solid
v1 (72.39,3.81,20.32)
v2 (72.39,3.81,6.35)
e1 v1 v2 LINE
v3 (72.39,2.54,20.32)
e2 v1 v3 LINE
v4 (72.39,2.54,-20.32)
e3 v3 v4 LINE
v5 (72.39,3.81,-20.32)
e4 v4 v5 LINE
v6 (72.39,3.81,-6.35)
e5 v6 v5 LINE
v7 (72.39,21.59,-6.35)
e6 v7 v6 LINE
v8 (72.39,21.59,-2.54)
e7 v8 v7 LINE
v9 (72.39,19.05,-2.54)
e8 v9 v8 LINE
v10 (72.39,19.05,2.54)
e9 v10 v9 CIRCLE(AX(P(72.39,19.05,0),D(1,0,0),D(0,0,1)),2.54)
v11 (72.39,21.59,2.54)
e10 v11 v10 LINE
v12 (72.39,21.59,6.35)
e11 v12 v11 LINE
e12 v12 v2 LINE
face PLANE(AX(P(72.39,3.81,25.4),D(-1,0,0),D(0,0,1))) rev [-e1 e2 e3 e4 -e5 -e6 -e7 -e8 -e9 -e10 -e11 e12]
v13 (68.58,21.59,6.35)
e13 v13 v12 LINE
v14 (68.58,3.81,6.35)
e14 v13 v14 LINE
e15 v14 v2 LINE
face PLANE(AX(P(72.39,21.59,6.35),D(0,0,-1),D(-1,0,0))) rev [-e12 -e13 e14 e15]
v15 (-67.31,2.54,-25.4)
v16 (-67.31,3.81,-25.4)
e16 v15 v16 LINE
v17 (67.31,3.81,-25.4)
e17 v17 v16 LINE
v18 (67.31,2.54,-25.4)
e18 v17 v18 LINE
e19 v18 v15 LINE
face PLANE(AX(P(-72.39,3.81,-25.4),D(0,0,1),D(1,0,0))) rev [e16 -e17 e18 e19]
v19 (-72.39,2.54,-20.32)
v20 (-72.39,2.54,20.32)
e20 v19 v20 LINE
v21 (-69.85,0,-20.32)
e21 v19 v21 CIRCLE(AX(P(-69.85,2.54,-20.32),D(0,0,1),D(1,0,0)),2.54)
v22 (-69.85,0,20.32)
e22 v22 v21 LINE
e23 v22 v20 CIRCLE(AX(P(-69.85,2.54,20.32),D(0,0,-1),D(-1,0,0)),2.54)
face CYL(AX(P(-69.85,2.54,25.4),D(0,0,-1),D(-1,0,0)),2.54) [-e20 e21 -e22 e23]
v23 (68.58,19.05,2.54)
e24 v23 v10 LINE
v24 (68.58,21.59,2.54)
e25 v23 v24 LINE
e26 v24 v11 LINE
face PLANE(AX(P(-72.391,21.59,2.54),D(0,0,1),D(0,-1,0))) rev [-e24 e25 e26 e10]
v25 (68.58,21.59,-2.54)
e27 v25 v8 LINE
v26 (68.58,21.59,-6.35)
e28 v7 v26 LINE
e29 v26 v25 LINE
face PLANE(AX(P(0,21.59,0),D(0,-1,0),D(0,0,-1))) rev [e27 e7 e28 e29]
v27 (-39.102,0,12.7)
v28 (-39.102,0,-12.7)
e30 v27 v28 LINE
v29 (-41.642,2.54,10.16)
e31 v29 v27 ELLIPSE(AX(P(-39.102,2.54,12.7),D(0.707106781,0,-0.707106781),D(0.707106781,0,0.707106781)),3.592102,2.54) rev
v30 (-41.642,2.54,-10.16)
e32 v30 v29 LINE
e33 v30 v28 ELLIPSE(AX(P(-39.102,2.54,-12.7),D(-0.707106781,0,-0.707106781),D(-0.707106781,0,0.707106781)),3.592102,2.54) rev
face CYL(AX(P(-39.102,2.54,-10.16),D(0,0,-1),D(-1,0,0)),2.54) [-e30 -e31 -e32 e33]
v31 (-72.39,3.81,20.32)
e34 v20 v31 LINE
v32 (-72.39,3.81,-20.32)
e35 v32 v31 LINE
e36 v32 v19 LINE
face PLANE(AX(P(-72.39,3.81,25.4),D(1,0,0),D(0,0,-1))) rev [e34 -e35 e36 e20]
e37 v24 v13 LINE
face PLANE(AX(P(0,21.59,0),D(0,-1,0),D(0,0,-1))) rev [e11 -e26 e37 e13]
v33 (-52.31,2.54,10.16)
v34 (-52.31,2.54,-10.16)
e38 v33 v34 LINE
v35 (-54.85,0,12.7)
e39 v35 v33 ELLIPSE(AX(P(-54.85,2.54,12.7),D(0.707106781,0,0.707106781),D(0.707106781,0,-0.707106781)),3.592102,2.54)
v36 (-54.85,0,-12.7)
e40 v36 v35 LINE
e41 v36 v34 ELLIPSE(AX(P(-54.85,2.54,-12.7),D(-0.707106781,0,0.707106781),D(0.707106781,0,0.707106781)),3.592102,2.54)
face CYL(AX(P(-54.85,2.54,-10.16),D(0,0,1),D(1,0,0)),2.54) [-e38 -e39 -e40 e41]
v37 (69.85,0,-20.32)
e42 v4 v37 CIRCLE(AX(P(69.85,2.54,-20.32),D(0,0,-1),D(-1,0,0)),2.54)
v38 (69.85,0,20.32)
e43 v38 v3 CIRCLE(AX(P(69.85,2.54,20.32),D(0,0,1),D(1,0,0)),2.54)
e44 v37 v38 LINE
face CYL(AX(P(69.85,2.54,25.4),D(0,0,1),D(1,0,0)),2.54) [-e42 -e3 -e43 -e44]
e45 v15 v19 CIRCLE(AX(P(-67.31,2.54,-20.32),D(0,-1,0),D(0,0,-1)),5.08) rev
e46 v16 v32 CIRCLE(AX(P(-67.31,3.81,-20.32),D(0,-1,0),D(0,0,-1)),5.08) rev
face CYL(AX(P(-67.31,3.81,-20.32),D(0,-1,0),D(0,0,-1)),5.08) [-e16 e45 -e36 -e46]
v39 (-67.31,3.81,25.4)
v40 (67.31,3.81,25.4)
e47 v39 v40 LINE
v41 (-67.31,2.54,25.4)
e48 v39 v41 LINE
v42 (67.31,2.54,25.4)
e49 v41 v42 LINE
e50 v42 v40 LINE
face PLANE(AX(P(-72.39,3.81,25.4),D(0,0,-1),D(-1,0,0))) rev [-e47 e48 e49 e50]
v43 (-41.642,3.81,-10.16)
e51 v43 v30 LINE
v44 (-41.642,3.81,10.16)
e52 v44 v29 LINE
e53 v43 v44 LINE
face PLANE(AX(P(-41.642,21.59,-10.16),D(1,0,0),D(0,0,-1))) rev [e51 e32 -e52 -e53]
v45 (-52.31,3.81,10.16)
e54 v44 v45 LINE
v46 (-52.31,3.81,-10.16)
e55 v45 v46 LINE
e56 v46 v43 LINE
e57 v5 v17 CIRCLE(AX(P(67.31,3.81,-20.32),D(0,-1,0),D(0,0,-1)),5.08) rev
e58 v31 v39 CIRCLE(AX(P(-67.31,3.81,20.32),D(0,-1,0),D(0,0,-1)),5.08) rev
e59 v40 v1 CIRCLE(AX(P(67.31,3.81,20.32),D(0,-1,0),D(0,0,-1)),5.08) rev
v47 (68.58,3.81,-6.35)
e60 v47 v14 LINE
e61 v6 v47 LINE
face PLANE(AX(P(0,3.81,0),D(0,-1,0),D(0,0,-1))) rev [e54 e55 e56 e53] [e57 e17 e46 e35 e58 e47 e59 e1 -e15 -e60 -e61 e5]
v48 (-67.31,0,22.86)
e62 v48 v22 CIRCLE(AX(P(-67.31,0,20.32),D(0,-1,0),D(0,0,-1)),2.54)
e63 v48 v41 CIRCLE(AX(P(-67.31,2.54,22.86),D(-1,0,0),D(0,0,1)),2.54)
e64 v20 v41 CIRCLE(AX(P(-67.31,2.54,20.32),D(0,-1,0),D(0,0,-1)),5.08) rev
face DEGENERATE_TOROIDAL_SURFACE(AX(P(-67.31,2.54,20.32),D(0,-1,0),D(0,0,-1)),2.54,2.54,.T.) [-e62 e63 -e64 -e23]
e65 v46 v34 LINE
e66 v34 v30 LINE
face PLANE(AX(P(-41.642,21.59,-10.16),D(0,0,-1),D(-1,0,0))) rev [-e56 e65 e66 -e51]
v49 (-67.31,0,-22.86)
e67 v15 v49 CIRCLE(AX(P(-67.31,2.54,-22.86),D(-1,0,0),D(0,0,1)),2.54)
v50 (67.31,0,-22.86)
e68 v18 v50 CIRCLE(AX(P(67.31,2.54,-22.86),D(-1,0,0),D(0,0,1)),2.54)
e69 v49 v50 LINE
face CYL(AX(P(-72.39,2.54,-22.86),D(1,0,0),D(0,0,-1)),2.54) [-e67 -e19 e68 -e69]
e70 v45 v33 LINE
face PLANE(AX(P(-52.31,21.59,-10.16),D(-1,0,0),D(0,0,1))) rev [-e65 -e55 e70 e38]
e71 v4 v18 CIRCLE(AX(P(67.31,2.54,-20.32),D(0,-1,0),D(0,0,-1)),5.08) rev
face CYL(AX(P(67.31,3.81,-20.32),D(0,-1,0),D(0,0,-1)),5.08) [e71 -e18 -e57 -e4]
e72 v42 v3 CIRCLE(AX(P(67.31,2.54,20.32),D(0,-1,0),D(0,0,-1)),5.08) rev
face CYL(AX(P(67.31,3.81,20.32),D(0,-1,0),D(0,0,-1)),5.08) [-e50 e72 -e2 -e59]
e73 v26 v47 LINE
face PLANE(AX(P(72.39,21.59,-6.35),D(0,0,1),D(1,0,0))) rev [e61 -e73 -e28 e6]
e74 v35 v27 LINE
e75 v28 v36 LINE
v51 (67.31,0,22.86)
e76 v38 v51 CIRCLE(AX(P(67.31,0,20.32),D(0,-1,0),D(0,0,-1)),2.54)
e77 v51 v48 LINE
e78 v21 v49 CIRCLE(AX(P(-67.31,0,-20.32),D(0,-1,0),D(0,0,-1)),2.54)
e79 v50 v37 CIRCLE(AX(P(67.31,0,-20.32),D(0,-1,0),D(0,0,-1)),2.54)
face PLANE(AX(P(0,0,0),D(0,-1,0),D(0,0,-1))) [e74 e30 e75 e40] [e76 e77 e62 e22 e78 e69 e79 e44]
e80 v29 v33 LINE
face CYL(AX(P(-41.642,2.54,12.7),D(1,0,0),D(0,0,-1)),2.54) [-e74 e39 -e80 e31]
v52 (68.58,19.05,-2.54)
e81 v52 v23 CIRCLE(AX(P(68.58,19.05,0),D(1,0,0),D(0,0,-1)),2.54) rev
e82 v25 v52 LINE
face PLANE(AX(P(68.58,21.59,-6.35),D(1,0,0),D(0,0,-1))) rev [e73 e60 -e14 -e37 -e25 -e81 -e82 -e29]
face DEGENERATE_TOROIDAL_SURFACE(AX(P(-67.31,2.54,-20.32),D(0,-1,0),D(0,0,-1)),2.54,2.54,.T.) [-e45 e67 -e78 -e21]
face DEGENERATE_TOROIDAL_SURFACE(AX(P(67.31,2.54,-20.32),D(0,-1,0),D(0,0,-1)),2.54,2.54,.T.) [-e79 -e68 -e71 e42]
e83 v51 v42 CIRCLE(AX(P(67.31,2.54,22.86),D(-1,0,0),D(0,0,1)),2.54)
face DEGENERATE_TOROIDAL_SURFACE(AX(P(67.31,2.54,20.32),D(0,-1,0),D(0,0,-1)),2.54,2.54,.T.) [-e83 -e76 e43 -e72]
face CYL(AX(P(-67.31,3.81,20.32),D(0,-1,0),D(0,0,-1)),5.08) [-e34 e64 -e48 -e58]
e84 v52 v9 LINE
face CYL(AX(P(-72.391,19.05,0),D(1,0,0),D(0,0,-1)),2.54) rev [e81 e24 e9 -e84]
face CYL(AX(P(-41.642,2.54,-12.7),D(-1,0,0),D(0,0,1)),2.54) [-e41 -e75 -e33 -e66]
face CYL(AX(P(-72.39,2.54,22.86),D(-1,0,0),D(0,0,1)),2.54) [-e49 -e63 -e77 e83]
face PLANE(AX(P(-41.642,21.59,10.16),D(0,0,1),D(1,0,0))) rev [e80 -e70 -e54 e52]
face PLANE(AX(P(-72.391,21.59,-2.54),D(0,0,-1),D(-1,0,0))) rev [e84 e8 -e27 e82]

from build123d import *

# Parameters (mm, degrees)
SKETCH1_W           = 144.78
SKETCH1_H           = 50.8
BOSS_EXTRUDE1_DEPTH = 3.81
SKETCH2_W           = 3.81
SKETCH2_H           = 12.7
BOSS_EXTRUDE2_DEPTH = 17.78
CUT_EXTRUDE1_REACH  = 146.78
SKETCH4_W           = 10.668
SKETCH4_H           = 20.32
CUT_EXTRUDE2_DEPTH  = 22.59
FILLET3_R           = 5.08
FILLET4_R           = 2.54


with BuildPart() as part:
    # Sketch1 → Boss-Extrude1 (new body)
    with BuildSketch(Plane(origin=(0, 0, 0), x_dir=(1, 0, 0), z_dir=(0, 1, 0))):
        Rectangle(SKETCH1_W, SKETCH1_H)
    extrude(amount=BOSS_EXTRUDE1_DEPTH)

    # Sketch2 → Boss-Extrude2 (add)
    with BuildSketch(Plane(origin=(0, 3.81, 0), x_dir=(1, 0, 0), z_dir=(0, 1, 0))):
        with Locations((70.485, 0)):
            Rectangle(SKETCH2_W, SKETCH2_H)
    extrude(amount=BOSS_EXTRUDE2_DEPTH)

    # Sketch3 → Cut-Extrude1 (cut, up to next)
    with BuildSketch(Plane(origin=(72.39, 0, 0), x_dir=(0, 0, -1), z_dir=(1, 0, 0)), mode=Mode.PRIVATE) as cut_extrude1_sk1:
        with BuildLine():
            Line((-2.54, 21.59), (2.54, 21.59))
            Line((2.54, 21.59), (2.54, 19.05))
            ThreePointArc((2.54, 19.05), (0, 16.51), (-2.54, 19.05))
            Line((-2.54, 19.05), (-2.54, 21.59))
        make_face()
    cut_extrude1_tool1 = extrude(cut_extrude1_sk1.sketch, amount=-CUT_EXTRUDE1_REACH, mode=Mode.PRIVATE) & part.part
    add(cut_extrude1_tool1.solids().sort_by_distance((72.39, 19.287109, 0))[0], mode=Mode.SUBTRACT)

    # Sketch4 → Cut-Extrude2 (cut, through all)
    with BuildSketch(Plane.XZ):
        with Locations((-46.976, 0)):
            Rectangle(SKETCH4_W, SKETCH4_H)
    extrude(amount=-CUT_EXTRUDE2_DEPTH, mode=Mode.SUBTRACT)

    # Fillet3
    fillet3_edges = [part.edges().sort_by_distance(p)[0] for p in [
        (72.39, 1.905, 25.4),
        (-72.39, 1.905, 25.4),
        (-72.39, 1.905, -25.4),
        (72.39, 1.905, -25.4),
    ]]
    fillet(fillet3_edges, radius=FILLET3_R)

    # Fillet4
    fillet4_edges = [part.edges().sort_by_distance(p)[0] for p in [
        (-52.31, 0, 0),
        (-46.976, 0, -10.16),
        (-41.642, 0, 0),
        (-46.976, 0, 10.16),
        (-72.39, 0, 0),
        (72.39, 0, 0),
        (0, 0, 25.4),
        (0, 0, -25.4),
        (70.902102448, 0, -23.912102448),
        (70.902102448, 0, 23.912102448),
        (-70.902102448, 0, 23.912102448),
        (-70.902102448, 0, -23.912102448),
    ]]
    fillet(fillet4_edges, radius=FILLET4_R)


solid = part.part
